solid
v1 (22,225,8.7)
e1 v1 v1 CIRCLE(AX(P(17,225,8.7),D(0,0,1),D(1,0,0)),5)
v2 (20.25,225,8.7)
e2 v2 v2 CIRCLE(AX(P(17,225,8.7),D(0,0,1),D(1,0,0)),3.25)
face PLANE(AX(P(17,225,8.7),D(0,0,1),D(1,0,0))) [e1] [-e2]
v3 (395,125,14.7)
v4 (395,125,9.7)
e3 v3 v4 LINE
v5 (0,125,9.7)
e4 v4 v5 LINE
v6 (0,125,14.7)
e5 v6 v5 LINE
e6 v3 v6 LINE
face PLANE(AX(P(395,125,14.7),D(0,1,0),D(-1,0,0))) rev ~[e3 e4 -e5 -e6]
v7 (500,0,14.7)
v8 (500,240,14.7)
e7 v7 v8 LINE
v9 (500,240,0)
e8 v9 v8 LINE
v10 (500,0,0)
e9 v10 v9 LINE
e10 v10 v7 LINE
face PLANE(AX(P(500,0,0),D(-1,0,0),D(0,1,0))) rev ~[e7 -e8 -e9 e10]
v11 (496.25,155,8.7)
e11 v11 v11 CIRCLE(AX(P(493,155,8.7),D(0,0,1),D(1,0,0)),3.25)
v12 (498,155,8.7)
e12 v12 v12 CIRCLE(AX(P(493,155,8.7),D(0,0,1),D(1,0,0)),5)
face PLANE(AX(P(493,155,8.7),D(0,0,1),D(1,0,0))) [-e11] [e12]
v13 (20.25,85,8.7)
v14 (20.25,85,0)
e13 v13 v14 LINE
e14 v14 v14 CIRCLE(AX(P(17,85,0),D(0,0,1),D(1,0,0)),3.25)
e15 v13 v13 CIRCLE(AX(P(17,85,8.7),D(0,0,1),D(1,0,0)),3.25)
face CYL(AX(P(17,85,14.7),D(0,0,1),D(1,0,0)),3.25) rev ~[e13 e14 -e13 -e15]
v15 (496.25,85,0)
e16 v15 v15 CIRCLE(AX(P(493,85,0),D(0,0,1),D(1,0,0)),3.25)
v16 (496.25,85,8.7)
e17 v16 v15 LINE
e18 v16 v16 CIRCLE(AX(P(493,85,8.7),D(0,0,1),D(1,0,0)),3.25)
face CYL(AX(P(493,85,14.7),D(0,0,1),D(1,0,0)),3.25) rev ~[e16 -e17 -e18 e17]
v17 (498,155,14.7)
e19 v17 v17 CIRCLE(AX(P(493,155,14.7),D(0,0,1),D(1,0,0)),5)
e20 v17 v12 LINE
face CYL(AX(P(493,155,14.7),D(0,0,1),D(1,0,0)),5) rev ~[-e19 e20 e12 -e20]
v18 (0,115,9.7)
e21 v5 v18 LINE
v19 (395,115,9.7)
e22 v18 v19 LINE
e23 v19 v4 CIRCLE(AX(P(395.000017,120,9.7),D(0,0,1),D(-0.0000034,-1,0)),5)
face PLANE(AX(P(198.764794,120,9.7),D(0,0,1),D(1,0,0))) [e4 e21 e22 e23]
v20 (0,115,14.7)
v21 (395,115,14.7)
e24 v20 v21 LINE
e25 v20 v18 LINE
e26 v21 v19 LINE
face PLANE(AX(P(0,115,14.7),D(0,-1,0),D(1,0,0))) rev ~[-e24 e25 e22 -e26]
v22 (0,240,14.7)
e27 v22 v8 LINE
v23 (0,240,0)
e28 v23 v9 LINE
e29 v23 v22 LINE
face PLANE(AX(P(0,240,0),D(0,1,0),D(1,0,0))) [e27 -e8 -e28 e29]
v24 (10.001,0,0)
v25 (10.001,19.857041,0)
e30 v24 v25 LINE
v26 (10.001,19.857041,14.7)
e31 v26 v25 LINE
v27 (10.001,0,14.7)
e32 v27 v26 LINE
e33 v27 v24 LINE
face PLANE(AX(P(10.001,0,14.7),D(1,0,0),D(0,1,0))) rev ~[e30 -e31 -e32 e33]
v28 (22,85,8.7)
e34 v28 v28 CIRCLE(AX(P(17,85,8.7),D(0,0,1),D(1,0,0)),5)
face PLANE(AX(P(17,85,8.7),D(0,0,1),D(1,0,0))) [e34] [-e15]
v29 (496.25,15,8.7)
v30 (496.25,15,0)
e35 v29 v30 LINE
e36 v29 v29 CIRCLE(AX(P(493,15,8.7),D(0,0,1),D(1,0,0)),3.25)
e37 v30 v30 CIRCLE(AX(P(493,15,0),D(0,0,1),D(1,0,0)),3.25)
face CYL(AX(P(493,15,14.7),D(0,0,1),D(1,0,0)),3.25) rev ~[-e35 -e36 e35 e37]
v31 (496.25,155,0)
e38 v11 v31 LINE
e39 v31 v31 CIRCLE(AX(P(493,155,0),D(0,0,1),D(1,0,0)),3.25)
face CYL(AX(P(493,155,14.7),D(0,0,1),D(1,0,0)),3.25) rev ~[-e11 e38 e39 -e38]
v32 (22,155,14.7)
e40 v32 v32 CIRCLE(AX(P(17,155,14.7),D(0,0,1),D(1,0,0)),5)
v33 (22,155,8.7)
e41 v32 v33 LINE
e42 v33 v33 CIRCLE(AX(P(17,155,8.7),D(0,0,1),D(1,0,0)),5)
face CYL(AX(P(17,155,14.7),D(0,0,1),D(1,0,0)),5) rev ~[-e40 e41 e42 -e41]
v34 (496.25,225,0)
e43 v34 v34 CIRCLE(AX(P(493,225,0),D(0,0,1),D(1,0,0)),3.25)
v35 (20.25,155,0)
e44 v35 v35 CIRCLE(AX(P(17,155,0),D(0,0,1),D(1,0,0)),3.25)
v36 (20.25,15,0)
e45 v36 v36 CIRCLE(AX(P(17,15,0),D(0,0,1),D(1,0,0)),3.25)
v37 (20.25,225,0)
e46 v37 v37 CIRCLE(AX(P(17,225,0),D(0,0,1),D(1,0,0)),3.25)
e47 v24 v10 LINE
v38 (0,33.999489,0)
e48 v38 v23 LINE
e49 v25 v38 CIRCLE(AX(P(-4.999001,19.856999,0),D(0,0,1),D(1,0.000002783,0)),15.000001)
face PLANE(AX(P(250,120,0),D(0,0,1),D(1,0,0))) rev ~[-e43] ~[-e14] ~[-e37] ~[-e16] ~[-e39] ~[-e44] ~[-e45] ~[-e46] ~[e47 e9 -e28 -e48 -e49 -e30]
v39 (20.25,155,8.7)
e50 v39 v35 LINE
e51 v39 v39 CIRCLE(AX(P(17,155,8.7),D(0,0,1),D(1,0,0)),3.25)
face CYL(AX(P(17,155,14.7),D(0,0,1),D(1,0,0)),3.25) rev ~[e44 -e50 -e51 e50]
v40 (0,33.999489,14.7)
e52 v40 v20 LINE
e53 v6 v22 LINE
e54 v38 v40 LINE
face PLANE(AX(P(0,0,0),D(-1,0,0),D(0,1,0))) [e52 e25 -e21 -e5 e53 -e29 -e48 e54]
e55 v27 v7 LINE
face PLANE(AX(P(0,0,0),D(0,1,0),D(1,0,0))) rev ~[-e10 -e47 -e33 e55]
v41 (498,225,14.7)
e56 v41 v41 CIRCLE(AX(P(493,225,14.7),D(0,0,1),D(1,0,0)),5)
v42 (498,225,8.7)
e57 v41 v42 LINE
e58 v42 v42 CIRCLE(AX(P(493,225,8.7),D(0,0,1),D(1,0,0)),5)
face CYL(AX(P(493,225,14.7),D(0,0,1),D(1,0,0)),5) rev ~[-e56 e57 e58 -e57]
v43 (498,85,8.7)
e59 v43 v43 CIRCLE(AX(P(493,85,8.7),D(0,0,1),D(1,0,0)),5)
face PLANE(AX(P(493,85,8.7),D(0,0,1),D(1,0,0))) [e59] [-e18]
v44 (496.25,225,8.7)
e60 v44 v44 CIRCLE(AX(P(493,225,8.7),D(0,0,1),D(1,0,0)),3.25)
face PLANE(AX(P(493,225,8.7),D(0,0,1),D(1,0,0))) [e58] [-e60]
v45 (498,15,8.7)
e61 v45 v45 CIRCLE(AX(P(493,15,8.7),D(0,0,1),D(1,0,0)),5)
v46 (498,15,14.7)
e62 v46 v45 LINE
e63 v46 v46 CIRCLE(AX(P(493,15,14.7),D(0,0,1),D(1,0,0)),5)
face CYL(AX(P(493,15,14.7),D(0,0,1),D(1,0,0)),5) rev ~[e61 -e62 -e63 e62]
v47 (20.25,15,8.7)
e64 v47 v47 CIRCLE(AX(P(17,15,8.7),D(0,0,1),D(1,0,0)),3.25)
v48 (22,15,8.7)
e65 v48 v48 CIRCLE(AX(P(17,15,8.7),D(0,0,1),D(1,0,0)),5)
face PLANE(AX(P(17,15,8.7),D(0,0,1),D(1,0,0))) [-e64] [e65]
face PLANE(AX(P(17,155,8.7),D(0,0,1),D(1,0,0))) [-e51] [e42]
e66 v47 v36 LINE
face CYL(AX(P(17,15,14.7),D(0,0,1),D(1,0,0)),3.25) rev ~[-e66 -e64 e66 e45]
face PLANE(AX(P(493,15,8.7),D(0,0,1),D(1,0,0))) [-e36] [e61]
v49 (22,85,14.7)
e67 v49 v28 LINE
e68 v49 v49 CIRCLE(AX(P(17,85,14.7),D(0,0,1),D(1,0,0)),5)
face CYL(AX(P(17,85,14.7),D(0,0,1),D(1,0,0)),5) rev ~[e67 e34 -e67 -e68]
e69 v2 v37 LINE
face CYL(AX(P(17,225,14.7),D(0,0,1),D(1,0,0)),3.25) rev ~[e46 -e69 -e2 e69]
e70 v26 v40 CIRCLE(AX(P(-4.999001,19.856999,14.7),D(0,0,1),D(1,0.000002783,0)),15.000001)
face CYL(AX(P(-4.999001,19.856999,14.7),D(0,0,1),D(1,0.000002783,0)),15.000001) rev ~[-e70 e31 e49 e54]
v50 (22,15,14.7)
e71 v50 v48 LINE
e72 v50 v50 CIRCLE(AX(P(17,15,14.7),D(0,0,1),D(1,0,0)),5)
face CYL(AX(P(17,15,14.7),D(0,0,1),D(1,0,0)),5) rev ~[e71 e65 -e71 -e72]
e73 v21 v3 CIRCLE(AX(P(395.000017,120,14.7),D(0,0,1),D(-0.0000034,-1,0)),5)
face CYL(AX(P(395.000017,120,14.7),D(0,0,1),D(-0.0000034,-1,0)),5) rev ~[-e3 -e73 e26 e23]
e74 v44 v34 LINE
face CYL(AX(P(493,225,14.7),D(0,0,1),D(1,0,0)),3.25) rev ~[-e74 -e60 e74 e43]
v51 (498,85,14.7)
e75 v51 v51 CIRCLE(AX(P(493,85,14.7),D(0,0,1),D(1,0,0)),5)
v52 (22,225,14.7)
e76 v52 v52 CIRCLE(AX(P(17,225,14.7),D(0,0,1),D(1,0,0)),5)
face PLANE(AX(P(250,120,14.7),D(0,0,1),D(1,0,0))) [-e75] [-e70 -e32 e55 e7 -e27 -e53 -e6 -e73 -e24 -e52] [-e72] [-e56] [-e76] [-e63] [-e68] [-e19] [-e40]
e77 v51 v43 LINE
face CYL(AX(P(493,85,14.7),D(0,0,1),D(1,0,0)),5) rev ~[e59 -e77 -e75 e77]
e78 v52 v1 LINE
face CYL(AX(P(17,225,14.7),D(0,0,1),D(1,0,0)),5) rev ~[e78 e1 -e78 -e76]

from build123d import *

# Parameters (mm, degrees)
BOX_W              = 500
BOX_H              = 240
BOX_DEPTH          = 14.7
POCKET_DEPTH       = 14.701
SKETCH001_R        = 5
POCKET001_DEPTH    = 6
SKETCH001001_R     = 3.25
POCKET002_DEPTH    = 14.701
POCKET003001_DEPTH = 5


with BuildPart() as part:
    # Box → Box (new body)
    with BuildSketch(Plane.XY):
        with Locations((250, 120)):
            Rectangle(BOX_W, BOX_H)
    extrude(amount=BOX_DEPTH)

    # Sketch → Pocket (cut, through all)
    with BuildSketch(Plane.XY.offset(14.7)):
        with BuildLine():
            Line((10.001, 0), (10.001, 19.857041))
            ThreePointArc((10.001, 19.857041), (5.607587, 30.463616), (-4.999, 34.857))
            Line((-4.999, 0), (-4.999, 34.857))
            Line((10.001, 0), (-4.999, 0))
        make_face()
    extrude(amount=-POCKET_DEPTH, mode=Mode.SUBTRACT)

    # Sketch001 → Pocket001 (cut)
    with BuildSketch(Plane.XY.offset(14.7)):
        with Locations((17, 225)):
            Circle(SKETCH001_R)
        with Locations((17, 85)):
            Circle(SKETCH001_R)
        with Locations((17, 15)):
            Circle(SKETCH001_R)
        with Locations((17, 155)):
            Circle(SKETCH001_R)
        with Locations((493, 155)):
            Circle(SKETCH001_R)
        with Locations((493, 85)):
            Circle(SKETCH001_R)
        with Locations((493, 225)):
            Circle(SKETCH001_R)
        with Locations((493, 15)):
            Circle(SKETCH001_R)
    extrude(amount=-POCKET001_DEPTH, mode=Mode.SUBTRACT)

    # Sketch001001 → Pocket002 (cut, through all)
    with BuildSketch(Plane.XY.offset(14.7)):
        with Locations((17, 225)):
            Circle(SKETCH001001_R)
        with Locations((17, 85)):
            Circle(SKETCH001001_R)
        with Locations((17, 15)):
            Circle(SKETCH001001_R)
        with Locations((17, 155)):
            Circle(SKETCH001001_R)
        with Locations((493, 155)):
            Circle(SKETCH001001_R)
        with Locations((493, 85)):
            Circle(SKETCH001001_R)
        with Locations((493, 225)):
            Circle(SKETCH001001_R)
        with Locations((493, 15)):
            Circle(SKETCH001001_R)
    extrude(amount=-POCKET002_DEPTH, mode=Mode.SUBTRACT)

    # Sketch001002 → Pocket003001 (cut)
    with BuildSketch(Plane.XY.offset(14.7)):
        with BuildLine():
            Line((395, 125), (0, 125))
            Line((0, 125), (0, 115))
            Line((0, 115), (395, 115))
            ThreePointArc((395, 115), (400.000017, 120), (395, 125))
        make_face()
    extrude(amount=-POCKET003001_DEPTH, mode=Mode.SUBTRACT)


solid = part.part
